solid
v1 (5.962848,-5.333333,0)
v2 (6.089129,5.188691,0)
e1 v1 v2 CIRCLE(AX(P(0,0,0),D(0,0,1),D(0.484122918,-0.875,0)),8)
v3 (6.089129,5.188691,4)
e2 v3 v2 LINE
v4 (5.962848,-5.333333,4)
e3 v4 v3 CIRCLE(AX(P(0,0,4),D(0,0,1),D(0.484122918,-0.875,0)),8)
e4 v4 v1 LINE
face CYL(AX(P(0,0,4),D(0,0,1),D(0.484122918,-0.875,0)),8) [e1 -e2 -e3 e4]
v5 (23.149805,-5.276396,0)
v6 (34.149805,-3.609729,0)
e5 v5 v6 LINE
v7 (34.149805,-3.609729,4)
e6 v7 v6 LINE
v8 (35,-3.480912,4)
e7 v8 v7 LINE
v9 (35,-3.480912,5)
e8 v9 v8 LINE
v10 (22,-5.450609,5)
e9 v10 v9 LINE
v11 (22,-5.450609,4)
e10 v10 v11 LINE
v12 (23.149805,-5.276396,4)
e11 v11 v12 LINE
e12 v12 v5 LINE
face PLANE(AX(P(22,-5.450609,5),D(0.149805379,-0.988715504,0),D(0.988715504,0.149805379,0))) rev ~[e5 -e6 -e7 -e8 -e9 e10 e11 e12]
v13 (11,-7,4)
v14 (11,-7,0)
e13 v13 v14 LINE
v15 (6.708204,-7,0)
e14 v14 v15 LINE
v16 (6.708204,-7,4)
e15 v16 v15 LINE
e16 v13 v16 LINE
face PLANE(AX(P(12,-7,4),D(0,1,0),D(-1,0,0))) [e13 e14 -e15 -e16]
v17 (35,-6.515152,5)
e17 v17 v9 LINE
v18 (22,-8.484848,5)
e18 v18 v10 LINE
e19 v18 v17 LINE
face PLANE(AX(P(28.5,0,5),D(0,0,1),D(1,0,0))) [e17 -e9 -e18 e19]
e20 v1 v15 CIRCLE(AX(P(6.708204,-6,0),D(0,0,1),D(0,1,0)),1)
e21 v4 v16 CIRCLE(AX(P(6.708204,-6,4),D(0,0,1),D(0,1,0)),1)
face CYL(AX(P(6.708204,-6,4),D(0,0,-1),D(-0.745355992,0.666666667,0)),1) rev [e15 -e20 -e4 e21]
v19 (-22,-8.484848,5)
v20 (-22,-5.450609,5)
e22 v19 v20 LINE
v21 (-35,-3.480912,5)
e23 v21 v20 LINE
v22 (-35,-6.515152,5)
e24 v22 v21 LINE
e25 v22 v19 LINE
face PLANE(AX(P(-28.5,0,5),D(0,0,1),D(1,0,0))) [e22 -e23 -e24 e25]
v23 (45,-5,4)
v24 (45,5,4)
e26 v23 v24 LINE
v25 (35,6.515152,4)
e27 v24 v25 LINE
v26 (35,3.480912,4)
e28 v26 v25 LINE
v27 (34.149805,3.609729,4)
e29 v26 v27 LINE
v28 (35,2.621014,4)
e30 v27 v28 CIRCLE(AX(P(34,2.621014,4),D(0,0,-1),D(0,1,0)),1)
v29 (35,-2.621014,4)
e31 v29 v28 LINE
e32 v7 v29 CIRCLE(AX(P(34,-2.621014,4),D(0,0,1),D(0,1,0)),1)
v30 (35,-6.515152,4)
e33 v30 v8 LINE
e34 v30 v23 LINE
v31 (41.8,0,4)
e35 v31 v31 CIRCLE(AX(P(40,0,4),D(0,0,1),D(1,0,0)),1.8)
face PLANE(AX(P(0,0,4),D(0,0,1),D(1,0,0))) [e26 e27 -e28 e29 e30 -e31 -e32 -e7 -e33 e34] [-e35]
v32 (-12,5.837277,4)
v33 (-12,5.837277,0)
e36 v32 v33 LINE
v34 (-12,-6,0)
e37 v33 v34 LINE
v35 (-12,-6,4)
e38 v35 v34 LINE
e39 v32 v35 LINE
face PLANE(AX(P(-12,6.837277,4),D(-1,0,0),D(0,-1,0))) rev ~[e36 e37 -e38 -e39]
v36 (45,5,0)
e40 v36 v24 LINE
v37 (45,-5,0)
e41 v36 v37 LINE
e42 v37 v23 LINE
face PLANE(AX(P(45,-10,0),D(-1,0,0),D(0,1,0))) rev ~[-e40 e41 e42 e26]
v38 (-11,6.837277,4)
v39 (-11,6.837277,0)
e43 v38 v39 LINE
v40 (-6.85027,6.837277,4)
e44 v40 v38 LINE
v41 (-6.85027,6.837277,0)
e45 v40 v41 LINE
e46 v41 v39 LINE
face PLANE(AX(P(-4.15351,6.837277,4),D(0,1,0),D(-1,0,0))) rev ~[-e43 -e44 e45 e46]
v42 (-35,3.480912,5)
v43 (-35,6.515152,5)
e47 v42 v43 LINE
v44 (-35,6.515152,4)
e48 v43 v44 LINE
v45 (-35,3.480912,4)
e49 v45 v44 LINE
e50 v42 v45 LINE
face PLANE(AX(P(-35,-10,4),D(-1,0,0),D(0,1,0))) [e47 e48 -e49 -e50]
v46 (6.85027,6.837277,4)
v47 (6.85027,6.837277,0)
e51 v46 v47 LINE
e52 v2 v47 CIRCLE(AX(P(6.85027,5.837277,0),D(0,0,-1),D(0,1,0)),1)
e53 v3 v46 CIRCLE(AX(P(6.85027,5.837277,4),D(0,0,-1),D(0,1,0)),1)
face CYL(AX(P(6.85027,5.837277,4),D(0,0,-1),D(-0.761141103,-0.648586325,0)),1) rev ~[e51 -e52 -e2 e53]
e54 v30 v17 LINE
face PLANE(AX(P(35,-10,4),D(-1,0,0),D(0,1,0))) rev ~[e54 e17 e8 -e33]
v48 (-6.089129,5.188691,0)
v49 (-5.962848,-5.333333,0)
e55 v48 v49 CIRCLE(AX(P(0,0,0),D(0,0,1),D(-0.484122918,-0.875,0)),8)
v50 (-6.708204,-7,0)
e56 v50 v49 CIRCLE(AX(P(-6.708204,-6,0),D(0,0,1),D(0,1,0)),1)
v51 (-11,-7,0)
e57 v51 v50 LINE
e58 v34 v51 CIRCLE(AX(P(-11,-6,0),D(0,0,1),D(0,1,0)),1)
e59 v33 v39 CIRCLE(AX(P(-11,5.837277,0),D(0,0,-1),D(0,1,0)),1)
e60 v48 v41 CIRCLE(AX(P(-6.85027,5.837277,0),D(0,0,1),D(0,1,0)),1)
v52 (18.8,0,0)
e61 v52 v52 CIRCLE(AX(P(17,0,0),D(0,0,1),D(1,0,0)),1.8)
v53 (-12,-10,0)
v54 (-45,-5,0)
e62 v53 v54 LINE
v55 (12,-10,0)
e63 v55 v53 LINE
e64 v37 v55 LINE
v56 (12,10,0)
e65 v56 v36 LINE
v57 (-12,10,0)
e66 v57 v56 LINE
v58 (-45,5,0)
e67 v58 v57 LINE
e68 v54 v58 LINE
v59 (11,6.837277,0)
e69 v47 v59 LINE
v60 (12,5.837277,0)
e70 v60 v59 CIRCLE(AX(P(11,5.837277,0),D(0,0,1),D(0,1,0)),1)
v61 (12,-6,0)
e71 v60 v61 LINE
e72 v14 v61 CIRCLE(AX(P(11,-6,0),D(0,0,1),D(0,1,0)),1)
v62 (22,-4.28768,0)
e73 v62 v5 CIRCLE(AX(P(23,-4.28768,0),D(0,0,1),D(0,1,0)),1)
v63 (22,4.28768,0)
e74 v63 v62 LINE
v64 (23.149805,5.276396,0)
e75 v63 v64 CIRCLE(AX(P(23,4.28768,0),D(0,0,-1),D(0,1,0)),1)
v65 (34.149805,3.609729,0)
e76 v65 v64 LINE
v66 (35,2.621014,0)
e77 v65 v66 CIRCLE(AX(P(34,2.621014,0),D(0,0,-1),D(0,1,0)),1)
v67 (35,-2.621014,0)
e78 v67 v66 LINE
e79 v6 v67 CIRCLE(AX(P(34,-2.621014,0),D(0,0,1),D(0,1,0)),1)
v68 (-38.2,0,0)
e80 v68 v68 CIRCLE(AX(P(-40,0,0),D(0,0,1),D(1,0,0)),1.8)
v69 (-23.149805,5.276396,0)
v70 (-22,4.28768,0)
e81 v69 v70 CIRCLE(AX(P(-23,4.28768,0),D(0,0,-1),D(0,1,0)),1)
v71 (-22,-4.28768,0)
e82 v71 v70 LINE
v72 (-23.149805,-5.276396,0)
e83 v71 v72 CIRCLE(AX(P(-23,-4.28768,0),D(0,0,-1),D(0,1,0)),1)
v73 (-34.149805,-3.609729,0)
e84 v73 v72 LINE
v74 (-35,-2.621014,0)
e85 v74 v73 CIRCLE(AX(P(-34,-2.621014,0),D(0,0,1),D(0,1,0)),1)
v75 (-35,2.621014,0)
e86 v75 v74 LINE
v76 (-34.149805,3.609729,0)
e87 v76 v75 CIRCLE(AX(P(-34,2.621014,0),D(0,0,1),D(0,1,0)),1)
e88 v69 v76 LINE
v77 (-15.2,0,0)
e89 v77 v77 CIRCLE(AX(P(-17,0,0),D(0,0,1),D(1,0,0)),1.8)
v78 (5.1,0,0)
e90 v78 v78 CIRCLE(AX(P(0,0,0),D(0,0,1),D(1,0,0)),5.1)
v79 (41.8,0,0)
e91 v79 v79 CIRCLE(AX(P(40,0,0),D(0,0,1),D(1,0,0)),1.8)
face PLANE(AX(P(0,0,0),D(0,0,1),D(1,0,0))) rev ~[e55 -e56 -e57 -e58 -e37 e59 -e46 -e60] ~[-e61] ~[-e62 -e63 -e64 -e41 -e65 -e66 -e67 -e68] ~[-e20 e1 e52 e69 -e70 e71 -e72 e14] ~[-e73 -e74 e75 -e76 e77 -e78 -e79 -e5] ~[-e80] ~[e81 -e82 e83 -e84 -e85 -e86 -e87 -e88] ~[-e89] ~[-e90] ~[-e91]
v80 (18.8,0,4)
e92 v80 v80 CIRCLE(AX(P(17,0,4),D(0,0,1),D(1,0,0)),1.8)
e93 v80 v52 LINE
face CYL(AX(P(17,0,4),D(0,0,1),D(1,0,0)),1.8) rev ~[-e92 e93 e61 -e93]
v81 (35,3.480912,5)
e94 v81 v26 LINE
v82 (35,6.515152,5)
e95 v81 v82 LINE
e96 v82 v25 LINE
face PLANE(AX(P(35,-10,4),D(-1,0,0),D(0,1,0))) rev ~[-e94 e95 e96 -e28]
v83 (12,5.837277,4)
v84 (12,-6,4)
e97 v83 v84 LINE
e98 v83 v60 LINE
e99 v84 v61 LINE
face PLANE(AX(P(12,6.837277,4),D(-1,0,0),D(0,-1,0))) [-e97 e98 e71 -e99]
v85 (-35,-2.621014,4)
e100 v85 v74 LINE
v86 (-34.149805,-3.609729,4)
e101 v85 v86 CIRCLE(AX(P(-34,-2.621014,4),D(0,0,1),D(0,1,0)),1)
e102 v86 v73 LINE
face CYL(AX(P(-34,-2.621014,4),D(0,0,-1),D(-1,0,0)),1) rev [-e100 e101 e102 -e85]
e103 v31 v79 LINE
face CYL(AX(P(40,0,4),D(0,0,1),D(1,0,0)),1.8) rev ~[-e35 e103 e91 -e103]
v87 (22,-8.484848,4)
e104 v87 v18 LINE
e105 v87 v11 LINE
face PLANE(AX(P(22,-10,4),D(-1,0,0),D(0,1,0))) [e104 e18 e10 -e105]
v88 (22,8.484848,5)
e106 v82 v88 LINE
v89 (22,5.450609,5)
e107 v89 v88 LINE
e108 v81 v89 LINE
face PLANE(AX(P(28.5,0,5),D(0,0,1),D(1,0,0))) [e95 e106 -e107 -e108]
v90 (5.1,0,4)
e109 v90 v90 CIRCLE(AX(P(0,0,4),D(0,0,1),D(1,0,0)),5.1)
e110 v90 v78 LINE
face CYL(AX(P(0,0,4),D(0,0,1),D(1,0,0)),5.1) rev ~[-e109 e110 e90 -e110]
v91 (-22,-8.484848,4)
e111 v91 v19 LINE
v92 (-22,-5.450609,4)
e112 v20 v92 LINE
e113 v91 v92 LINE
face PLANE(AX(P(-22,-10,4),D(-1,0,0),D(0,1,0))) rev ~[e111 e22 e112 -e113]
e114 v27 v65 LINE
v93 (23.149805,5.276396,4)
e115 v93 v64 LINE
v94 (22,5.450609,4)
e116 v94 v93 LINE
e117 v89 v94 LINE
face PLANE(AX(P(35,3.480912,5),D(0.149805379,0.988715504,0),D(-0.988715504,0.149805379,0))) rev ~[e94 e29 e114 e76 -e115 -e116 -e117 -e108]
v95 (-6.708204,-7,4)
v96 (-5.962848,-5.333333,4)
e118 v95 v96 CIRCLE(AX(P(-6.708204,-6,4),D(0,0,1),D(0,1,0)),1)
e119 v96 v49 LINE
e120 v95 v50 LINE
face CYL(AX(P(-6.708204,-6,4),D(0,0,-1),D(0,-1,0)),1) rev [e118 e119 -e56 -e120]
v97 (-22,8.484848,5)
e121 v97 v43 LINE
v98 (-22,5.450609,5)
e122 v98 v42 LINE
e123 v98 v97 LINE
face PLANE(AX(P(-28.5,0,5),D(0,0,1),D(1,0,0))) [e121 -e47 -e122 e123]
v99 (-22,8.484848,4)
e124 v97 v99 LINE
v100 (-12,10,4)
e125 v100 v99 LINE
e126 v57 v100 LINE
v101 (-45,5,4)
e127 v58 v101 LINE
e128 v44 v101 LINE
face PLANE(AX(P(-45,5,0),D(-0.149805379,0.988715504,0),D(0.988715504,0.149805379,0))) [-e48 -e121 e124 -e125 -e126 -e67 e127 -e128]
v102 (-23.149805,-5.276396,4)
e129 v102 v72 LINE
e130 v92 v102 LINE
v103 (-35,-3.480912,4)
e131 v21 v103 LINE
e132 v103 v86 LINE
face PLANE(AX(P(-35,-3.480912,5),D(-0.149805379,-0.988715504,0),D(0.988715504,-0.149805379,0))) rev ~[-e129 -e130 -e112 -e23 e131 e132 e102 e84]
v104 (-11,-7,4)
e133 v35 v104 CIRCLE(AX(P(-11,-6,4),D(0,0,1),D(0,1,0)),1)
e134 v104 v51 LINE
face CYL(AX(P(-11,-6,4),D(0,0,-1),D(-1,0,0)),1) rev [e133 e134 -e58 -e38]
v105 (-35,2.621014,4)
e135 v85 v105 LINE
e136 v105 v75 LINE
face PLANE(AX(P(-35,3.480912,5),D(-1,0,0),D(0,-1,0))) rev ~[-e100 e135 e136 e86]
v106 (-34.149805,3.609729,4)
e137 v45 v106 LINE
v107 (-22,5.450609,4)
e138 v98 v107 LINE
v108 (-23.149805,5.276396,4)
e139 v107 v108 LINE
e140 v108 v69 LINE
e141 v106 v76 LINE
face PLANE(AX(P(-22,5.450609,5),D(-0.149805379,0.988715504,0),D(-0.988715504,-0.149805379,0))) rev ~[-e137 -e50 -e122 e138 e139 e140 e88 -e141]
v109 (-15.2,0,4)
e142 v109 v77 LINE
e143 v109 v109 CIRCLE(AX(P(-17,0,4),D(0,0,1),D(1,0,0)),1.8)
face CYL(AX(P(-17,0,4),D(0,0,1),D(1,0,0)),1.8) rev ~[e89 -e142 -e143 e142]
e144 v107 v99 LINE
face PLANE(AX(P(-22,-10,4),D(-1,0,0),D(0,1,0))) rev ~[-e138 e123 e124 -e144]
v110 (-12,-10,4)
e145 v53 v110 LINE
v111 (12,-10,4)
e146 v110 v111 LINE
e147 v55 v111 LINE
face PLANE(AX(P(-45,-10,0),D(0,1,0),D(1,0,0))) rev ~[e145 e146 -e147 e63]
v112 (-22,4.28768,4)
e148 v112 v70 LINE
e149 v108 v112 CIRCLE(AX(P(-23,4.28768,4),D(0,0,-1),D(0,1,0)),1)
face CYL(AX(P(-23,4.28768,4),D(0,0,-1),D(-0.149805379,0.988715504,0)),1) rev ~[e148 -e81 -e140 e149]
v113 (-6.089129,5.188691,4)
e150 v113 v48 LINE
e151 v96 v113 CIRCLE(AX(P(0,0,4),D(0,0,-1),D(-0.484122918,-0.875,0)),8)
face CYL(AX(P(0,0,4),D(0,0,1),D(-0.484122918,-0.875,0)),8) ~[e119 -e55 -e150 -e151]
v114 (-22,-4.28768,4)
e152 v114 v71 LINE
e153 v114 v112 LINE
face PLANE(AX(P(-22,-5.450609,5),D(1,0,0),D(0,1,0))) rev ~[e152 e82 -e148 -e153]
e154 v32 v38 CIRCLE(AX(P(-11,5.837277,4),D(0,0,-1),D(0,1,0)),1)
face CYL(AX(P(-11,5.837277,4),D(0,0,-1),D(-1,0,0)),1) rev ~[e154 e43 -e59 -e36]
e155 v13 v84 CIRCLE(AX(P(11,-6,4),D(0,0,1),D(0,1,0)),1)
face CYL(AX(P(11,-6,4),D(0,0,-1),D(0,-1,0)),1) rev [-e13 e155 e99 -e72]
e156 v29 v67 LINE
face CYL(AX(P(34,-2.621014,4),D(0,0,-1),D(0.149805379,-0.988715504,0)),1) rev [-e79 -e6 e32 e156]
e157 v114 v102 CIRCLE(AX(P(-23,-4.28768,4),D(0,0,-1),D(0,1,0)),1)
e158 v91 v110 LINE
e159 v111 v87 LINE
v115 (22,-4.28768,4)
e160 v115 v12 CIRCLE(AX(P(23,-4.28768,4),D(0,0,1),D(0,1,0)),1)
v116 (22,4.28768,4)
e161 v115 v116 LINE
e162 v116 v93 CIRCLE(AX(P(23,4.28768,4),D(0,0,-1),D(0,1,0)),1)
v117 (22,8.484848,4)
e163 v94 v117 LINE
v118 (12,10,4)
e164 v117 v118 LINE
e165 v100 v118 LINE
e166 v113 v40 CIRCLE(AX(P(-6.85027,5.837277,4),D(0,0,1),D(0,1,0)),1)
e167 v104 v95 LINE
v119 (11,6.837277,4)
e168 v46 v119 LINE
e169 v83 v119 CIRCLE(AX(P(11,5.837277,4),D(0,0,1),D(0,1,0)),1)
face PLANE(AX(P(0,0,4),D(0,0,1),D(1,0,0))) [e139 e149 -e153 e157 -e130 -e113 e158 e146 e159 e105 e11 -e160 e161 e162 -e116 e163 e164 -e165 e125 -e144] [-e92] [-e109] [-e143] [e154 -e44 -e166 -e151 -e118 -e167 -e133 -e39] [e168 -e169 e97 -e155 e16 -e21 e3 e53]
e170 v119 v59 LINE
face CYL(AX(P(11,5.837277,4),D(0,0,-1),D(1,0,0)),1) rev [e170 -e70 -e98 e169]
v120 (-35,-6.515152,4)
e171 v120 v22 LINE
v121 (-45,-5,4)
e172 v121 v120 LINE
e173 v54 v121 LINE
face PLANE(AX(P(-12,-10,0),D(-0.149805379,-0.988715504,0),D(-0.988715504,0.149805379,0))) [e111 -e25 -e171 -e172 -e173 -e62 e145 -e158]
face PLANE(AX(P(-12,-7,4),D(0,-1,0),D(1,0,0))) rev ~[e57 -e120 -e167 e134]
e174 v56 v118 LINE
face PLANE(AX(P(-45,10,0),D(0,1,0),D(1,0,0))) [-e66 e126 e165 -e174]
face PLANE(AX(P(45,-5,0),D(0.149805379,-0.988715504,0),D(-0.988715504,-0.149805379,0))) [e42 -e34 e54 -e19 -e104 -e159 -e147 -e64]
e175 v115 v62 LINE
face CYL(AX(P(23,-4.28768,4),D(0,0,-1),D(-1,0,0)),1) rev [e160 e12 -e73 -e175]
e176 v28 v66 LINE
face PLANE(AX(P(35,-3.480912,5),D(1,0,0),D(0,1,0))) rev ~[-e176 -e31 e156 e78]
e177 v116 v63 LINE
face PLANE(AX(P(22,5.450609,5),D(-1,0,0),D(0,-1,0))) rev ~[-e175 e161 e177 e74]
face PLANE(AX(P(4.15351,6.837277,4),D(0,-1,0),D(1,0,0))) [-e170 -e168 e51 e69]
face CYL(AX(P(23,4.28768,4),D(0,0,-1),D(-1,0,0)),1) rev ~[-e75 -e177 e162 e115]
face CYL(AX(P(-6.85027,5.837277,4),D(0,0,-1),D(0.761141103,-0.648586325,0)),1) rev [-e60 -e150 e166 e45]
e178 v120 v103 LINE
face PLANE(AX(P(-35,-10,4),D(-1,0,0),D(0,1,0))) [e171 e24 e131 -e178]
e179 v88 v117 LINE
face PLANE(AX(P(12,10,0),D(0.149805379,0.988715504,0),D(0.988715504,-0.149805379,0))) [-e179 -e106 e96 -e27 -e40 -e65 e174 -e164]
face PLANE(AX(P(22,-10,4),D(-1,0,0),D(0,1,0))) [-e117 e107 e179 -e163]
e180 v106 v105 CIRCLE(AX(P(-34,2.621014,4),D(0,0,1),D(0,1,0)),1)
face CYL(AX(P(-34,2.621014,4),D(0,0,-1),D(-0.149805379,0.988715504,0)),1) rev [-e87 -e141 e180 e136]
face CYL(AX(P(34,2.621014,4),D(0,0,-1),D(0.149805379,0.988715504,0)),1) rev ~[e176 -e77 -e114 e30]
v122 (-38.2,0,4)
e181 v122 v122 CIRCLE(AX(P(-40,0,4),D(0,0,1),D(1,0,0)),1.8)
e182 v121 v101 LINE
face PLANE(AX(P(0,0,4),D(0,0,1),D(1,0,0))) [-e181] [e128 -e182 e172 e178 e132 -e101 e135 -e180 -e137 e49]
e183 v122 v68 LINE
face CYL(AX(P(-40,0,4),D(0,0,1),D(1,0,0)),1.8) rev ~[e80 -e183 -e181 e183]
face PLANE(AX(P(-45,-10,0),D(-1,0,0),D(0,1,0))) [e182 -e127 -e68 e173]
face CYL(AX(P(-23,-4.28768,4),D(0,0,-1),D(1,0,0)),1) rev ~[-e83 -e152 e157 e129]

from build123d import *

# Parameters (mm, degrees)
SKETCH_1_W          = 90
SKETCH_1_H          = 20
EXTRUDE_1_DEPTH     = 4
SKETCH_2_W          = 13
SKETCH_2_H          = 20
EXTRUDE_2_DEPTH     = 1
SKETCH_4_R          = 5.1
EXTRUDE_3_DEPTH     = 4
SKETCH_3_R          = 1.8
CUT_EXTRUDE_1_DEPTH = 47.270941205
SKETCH_4_3_R        = 5.1
CUT_EXTRUDE_3_DEPTH = 47.270941205
SKETCH_7_OUTSIDE_W  = 110.466
SKETCH_7_OUTSIDE_H  = 40.466
CUT_EXTRUDE_6_DEPTH = 10
CUT_EXTRUDE_7_DEPTH = 47.368092477
CUT_EXTRUDE_8_DEPTH = 47.270941205
FILLET_1_R          = 1


with BuildPart() as part:
    # ｽｹｯﾁ1 → ﾎﾞｽ - 押し出し1 (new body)
    with BuildSketch(Plane.XY):
        Rectangle(SKETCH_1_W, SKETCH_1_H)
    extrude(amount=EXTRUDE_1_DEPTH)

    # ｽｹｯﾁ2 → ﾎﾞｽ - 押し出し2 (add)
    with BuildSketch(Plane.XY.offset(4)):
        with Locations((-28.5, 0)):
            Rectangle(SKETCH_2_W, SKETCH_2_H)
        with Locations((28.5, 0)):
            Rectangle(SKETCH_2_W, SKETCH_2_H)
    extrude(amount=EXTRUDE_2_DEPTH)

    # ｽｹｯﾁ4 → ﾎﾞｽ - 押し出し3 (add)
    with BuildSketch(Plane.XY.offset(4)):
        Circle(SKETCH_4_R)
    extrude(amount=-EXTRUDE_3_DEPTH)

    # ｽｹｯﾁ3 → ｶｯﾄ - 押し出し1 (cut, through all)
    with BuildSketch(Plane.XY.offset(4)):
        with Locations((-40, 0)):
            Circle(SKETCH_3_R)
        with Locations((-17, 0)):
            Circle(SKETCH_3_R)
        with Locations((17, 0)):
            Circle(SKETCH_3_R)
        with Locations((40, 0)):
            Circle(SKETCH_3_R)
    extrude(amount=-CUT_EXTRUDE_1_DEPTH, mode=Mode.SUBTRACT)

    # ｽｹｯﾁ4<3> → ｶｯﾄ - 押し出し3 (cut, through all)
    with BuildSketch(Plane.XY.offset(4)):
        Circle(SKETCH_4_3_R)
    extrude(amount=-CUT_EXTRUDE_3_DEPTH, mode=Mode.SUBTRACT)

    # ｽｹｯﾁ7 outside → ｶｯﾄ - 押し出し6 (cut)
    with BuildSketch(Plane(origin=(0, 0, 0), x_dir=(-1, 0, 0), z_dir=(0, 0, -1))):
        Rectangle(SKETCH_7_OUTSIDE_W, SKETCH_7_OUTSIDE_H)
        Polygon((-45, 5), (-45, -5), (-12, -10), (12, -10), (45, -5), (45, 5), (12, 10), (-12, 10), align=None, mode=Mode.SUBTRACT)
    extrude(amount=-CUT_EXTRUDE_6_DEPTH, mode=Mode.SUBTRACT)

    # ｽｹｯﾁ8 → ｶｯﾄ - 押し出し7 (cut, through all)
    with BuildSketch(Plane.XY.offset(5)):
        Polygon((22, 5.450608618), (22, -5.450608618), (35, -3.480911648), (35, 3.480911648), align=None)
        Polygon((-22, 5.450608618), (-35, 3.480911648), (-35, -3.480911648), (-22, -5.450608618), align=None)
    extrude(amount=-CUT_EXTRUDE_7_DEPTH, mode=Mode.SUBTRACT)

    # ｽｹｯﾁ9 → ｶｯﾄ - 押し出し8 (cut, through all)
    with BuildSketch(Plane.XY.offset(4)):
        with BuildLine():
            Line((-12, 6.837276926), (-12, -7))
            Line((-12, -7), (-3.872983346, -7))
            ThreePointArc((-3.872983346, -7), (-7.998356489, -0.162152651), (-4.153509869, 6.837276926))
            Line((-4.153509869, 6.837276926), (-12, 6.837276926))
        make_face()
        with BuildLine():
            Line((4.153509869, 6.837276926), (12, 6.837276926))
            Line((12, 6.837276926), (12, -7))
            Line((12, -7), (3.872983346, -7))
            ThreePointArc((3.872983346, -7), (7.998356489, -0.162152651), (4.153509869, 6.837276926))
        make_face()
    extrude(amount=-CUT_EXTRUDE_8_DEPTH, mode=Mode.SUBTRACT)

    # ﾌｨﾚｯﾄ1
    fillet_1_edges = [part.edges().sort_by_distance(p)[0] for p in [
        (22, 5.450608618, 2),
        (35, 3.480911648, 2),
        (35, -3.480911648, 2),
        (22, -5.450608618, 2),
        (-22, 5.450608618, 2),
        (-22, -5.450608618, 2),
        (-35, -3.480911648, 2),
        (-35, 3.480911648, 2),
        (-12, 6.837276926, 2),
        (-4.153509869, 6.837276926, 2),
        (-3.872983346, -7, 2),
        (-12, -7, 2),
        (12, -7, 2),
        (3.872983346, -7, 2),
        (4.153509869, 6.837276926, 2),
        (12, 6.837276926, 2),
    ]]
    fillet(fillet_1_edges, radius=FILLET_1_R)


solid = part.part
